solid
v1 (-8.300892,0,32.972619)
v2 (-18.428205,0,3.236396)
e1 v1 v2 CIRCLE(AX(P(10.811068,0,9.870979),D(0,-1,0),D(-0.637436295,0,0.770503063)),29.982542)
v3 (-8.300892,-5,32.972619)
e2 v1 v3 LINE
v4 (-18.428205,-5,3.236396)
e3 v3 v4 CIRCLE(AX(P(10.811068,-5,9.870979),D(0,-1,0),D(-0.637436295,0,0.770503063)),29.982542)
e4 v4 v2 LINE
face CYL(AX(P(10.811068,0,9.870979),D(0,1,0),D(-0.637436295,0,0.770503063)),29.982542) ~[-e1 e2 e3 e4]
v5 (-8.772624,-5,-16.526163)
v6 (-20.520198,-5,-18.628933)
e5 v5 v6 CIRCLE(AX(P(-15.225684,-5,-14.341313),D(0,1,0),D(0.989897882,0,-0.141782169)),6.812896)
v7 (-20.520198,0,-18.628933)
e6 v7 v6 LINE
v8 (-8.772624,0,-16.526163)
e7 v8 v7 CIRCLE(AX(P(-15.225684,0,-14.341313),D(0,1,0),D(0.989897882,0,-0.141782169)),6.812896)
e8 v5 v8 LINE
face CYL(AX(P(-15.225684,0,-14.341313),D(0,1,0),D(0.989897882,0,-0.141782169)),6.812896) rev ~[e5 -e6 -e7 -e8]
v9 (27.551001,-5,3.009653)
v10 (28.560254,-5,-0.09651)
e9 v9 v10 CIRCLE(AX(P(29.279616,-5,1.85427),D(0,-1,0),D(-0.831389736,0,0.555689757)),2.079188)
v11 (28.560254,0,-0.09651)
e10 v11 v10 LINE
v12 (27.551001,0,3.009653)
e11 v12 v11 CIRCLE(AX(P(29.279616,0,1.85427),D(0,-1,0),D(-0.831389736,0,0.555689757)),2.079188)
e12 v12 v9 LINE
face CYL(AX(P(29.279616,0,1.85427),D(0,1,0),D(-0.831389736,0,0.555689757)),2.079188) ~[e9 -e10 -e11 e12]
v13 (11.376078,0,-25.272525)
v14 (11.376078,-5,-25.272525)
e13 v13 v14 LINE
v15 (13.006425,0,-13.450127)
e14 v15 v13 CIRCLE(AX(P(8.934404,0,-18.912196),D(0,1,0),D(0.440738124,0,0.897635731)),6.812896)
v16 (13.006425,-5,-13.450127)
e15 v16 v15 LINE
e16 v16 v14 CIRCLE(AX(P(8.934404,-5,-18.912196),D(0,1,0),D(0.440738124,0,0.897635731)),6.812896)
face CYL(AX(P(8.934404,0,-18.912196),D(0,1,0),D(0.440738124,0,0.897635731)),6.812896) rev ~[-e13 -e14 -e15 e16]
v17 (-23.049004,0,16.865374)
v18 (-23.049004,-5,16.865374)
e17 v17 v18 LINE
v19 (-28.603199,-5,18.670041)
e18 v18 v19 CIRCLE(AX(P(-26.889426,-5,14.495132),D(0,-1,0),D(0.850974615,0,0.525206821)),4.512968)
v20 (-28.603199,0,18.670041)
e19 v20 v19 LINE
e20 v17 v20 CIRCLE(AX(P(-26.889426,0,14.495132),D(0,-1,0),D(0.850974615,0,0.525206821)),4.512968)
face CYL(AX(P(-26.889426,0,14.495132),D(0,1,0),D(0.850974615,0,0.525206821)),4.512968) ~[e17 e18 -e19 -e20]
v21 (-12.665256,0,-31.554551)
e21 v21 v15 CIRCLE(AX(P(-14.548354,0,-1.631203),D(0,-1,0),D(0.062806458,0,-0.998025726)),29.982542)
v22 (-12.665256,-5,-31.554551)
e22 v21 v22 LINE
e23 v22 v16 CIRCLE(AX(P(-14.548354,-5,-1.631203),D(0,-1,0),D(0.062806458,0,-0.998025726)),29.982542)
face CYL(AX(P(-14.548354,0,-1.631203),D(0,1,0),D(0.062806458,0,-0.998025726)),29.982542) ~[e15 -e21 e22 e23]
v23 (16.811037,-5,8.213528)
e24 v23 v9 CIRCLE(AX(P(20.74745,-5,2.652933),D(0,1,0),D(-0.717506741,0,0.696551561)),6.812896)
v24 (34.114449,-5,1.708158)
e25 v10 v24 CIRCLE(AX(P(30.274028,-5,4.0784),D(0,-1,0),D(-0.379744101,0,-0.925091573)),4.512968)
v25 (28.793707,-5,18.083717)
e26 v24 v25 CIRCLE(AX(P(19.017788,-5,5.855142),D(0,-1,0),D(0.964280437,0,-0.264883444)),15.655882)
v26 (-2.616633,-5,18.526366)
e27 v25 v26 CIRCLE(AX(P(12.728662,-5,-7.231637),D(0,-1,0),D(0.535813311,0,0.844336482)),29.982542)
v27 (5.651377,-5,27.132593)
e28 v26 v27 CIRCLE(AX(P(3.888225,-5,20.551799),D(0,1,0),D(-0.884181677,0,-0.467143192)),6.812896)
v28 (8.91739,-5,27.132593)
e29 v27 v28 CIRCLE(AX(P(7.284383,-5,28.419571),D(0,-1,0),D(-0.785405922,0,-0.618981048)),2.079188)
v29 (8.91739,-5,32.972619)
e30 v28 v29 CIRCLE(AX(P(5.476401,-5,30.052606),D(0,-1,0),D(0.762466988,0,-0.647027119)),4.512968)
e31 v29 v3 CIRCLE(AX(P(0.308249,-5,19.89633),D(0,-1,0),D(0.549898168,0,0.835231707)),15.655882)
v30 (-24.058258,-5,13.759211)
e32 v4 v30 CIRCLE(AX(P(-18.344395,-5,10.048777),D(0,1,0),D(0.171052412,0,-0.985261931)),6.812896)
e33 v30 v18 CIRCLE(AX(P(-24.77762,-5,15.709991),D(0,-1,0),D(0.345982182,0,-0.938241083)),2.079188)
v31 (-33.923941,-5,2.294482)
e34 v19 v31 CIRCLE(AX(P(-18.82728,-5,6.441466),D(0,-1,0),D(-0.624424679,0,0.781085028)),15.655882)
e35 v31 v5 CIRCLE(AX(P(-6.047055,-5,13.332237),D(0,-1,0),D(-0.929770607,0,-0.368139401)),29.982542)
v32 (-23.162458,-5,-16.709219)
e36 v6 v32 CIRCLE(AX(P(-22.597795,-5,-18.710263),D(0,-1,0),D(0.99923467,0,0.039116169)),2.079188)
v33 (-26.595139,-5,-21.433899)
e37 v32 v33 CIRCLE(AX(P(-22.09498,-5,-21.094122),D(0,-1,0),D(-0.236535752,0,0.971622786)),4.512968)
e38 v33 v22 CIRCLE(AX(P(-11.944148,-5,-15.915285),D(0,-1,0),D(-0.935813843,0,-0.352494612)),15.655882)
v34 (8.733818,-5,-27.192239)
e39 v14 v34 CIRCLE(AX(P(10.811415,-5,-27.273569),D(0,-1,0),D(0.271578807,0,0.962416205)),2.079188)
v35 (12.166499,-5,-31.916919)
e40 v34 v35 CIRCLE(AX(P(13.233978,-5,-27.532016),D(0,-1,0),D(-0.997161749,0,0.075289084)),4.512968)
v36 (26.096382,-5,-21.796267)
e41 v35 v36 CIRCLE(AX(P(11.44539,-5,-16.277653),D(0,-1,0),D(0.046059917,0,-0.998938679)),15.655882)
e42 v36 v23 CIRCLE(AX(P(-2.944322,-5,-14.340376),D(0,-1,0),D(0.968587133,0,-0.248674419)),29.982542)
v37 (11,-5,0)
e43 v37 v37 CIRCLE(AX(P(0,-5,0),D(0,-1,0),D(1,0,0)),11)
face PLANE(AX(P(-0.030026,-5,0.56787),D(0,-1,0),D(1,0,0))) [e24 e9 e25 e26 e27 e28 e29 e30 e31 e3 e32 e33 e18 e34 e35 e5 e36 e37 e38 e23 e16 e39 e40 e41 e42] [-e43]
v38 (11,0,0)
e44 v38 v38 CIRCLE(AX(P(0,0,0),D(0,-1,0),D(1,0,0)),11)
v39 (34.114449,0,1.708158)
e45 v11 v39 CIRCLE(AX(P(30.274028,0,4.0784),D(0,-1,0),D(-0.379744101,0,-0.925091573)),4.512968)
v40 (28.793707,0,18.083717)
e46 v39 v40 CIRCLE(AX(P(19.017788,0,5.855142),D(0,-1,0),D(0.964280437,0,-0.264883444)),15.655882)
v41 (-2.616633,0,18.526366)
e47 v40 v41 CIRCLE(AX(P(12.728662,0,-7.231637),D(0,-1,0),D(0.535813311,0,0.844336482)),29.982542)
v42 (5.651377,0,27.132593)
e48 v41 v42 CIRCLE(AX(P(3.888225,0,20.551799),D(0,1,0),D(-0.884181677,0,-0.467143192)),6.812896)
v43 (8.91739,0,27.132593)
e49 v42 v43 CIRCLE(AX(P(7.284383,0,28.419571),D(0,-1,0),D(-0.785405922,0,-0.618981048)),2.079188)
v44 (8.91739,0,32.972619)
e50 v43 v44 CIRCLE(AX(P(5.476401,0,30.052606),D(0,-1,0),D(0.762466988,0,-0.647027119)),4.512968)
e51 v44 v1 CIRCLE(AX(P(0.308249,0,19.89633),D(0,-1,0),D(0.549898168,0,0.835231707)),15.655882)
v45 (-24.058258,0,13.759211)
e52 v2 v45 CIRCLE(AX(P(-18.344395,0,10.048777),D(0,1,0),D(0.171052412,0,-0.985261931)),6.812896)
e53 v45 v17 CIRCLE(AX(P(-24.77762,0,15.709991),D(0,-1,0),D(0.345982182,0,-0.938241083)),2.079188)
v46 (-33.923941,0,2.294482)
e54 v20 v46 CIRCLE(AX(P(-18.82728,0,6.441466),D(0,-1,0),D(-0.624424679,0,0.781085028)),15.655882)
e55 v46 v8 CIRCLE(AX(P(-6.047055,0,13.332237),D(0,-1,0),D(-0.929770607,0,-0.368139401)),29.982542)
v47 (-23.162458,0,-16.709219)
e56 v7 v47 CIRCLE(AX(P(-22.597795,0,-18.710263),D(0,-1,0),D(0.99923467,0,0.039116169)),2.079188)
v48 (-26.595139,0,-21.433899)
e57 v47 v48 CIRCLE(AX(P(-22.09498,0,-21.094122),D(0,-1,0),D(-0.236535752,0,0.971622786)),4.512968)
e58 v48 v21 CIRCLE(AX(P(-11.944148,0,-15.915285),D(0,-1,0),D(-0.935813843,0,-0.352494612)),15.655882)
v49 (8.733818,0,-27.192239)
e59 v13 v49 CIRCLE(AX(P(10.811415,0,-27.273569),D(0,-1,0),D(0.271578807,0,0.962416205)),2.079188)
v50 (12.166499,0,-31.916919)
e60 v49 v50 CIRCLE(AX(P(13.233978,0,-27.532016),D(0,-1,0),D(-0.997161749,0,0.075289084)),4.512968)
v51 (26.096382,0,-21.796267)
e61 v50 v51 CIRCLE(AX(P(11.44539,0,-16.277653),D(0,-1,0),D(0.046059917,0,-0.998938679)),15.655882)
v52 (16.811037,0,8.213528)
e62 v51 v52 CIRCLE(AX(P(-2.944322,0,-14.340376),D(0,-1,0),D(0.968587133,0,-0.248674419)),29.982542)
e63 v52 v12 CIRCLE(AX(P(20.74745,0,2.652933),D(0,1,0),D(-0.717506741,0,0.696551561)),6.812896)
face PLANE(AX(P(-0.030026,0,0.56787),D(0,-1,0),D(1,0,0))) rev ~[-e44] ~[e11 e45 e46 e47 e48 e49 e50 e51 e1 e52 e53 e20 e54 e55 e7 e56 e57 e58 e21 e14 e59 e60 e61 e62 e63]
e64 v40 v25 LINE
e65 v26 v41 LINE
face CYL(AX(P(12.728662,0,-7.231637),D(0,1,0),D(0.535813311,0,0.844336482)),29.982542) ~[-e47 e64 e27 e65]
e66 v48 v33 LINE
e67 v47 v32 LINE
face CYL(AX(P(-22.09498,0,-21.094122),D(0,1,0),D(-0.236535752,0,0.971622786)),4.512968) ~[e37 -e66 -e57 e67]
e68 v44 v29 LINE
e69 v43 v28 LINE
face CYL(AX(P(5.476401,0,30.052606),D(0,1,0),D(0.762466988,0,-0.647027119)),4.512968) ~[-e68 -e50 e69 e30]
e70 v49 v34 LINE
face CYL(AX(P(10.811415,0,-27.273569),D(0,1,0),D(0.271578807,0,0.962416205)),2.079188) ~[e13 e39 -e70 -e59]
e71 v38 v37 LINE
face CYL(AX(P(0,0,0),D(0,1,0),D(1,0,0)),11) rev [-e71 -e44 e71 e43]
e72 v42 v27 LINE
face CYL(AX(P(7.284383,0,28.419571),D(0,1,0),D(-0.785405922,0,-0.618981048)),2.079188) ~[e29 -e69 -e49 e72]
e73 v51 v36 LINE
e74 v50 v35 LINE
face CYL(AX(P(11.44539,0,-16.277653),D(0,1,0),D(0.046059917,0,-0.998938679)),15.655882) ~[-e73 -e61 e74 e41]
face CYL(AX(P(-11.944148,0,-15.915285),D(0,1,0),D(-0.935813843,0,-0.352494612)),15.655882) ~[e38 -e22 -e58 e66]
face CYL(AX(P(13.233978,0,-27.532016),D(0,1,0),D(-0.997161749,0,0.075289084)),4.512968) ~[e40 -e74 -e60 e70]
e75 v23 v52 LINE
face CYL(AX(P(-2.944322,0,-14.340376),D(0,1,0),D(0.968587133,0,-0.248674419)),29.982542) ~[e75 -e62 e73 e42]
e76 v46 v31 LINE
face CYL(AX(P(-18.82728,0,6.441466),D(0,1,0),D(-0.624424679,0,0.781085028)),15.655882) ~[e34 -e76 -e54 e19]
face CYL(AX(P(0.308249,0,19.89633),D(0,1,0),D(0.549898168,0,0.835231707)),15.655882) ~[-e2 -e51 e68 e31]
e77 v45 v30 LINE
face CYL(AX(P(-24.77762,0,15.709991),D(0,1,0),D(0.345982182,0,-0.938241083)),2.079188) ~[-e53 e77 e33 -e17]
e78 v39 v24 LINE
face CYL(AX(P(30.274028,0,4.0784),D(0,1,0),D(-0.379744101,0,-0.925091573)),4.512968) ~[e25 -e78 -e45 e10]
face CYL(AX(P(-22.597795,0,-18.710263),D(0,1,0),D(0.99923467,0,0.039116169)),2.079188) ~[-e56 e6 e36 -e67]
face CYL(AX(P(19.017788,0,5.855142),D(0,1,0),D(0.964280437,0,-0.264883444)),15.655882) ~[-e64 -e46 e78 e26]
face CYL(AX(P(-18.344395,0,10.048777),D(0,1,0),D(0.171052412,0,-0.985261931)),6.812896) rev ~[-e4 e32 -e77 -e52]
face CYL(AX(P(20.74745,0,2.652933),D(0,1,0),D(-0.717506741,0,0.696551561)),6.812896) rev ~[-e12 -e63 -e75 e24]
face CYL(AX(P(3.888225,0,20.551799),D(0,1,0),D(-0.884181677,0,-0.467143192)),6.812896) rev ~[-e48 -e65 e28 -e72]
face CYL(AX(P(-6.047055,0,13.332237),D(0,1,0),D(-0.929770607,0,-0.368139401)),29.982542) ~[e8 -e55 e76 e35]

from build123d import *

# Parameters (mm, degrees)
F0_R     = 11
F1_DEPTH = 5
F2_COUNT = 5


with BuildPart() as f1:
    # F0 (on Front) → F1 (new body)
    with BuildSketch(Plane.XZ):
        with BuildLine():
            ThreePointArc((-17.5, 0), (0, -17.5), (17.5, 0))
            ThreePointArc((17.5, 0), (11.594757, 13.107693), (-2.135613, 17.369201))
            ThreePointArc((-2.135613, 17.369201), (-13.107693, 11.594757), (-17.5, 0))
        make_face()
        Circle(F0_R, mode=Mode.SUBTRACT)
        with BuildLine():
            ThreePointArc((-17.5, 0), (-13.107693, 11.594757), (-2.135613, 17.369201))
            ThreePointArc((-2.135613, 17.369201), (-1.43806, 24.799886), (5.651377, 27.132593))
            ThreePointArc((5.651377, 27.132593), (7.284383, 26.340383), (8.91739, 27.132593))
            ThreePointArc((8.91739, 27.132593), (9.989369, 30.052606), (8.91739, 32.972619))
            ThreePointArc((8.91739, 32.972619), (0.308249, 35.552212), (-8.300892, 32.972619))
            ThreePointArc((-8.300892, 32.972619), (-18.068584, 17.92818), (-17.5, 0))
        make_face()
    extrude(amount=F1_DEPTH)

    # F2: F1 ×5 about axis
    f2_axis = Axis((0, -5, 0), (0, -1, 0))


with BuildPart() as f1_1:
    add(f1.part)
    for i in range(1, F2_COUNT):
        add(f1.part.rotate(f2_axis, i * 360 / F2_COUNT))


solid = f1_1.part
